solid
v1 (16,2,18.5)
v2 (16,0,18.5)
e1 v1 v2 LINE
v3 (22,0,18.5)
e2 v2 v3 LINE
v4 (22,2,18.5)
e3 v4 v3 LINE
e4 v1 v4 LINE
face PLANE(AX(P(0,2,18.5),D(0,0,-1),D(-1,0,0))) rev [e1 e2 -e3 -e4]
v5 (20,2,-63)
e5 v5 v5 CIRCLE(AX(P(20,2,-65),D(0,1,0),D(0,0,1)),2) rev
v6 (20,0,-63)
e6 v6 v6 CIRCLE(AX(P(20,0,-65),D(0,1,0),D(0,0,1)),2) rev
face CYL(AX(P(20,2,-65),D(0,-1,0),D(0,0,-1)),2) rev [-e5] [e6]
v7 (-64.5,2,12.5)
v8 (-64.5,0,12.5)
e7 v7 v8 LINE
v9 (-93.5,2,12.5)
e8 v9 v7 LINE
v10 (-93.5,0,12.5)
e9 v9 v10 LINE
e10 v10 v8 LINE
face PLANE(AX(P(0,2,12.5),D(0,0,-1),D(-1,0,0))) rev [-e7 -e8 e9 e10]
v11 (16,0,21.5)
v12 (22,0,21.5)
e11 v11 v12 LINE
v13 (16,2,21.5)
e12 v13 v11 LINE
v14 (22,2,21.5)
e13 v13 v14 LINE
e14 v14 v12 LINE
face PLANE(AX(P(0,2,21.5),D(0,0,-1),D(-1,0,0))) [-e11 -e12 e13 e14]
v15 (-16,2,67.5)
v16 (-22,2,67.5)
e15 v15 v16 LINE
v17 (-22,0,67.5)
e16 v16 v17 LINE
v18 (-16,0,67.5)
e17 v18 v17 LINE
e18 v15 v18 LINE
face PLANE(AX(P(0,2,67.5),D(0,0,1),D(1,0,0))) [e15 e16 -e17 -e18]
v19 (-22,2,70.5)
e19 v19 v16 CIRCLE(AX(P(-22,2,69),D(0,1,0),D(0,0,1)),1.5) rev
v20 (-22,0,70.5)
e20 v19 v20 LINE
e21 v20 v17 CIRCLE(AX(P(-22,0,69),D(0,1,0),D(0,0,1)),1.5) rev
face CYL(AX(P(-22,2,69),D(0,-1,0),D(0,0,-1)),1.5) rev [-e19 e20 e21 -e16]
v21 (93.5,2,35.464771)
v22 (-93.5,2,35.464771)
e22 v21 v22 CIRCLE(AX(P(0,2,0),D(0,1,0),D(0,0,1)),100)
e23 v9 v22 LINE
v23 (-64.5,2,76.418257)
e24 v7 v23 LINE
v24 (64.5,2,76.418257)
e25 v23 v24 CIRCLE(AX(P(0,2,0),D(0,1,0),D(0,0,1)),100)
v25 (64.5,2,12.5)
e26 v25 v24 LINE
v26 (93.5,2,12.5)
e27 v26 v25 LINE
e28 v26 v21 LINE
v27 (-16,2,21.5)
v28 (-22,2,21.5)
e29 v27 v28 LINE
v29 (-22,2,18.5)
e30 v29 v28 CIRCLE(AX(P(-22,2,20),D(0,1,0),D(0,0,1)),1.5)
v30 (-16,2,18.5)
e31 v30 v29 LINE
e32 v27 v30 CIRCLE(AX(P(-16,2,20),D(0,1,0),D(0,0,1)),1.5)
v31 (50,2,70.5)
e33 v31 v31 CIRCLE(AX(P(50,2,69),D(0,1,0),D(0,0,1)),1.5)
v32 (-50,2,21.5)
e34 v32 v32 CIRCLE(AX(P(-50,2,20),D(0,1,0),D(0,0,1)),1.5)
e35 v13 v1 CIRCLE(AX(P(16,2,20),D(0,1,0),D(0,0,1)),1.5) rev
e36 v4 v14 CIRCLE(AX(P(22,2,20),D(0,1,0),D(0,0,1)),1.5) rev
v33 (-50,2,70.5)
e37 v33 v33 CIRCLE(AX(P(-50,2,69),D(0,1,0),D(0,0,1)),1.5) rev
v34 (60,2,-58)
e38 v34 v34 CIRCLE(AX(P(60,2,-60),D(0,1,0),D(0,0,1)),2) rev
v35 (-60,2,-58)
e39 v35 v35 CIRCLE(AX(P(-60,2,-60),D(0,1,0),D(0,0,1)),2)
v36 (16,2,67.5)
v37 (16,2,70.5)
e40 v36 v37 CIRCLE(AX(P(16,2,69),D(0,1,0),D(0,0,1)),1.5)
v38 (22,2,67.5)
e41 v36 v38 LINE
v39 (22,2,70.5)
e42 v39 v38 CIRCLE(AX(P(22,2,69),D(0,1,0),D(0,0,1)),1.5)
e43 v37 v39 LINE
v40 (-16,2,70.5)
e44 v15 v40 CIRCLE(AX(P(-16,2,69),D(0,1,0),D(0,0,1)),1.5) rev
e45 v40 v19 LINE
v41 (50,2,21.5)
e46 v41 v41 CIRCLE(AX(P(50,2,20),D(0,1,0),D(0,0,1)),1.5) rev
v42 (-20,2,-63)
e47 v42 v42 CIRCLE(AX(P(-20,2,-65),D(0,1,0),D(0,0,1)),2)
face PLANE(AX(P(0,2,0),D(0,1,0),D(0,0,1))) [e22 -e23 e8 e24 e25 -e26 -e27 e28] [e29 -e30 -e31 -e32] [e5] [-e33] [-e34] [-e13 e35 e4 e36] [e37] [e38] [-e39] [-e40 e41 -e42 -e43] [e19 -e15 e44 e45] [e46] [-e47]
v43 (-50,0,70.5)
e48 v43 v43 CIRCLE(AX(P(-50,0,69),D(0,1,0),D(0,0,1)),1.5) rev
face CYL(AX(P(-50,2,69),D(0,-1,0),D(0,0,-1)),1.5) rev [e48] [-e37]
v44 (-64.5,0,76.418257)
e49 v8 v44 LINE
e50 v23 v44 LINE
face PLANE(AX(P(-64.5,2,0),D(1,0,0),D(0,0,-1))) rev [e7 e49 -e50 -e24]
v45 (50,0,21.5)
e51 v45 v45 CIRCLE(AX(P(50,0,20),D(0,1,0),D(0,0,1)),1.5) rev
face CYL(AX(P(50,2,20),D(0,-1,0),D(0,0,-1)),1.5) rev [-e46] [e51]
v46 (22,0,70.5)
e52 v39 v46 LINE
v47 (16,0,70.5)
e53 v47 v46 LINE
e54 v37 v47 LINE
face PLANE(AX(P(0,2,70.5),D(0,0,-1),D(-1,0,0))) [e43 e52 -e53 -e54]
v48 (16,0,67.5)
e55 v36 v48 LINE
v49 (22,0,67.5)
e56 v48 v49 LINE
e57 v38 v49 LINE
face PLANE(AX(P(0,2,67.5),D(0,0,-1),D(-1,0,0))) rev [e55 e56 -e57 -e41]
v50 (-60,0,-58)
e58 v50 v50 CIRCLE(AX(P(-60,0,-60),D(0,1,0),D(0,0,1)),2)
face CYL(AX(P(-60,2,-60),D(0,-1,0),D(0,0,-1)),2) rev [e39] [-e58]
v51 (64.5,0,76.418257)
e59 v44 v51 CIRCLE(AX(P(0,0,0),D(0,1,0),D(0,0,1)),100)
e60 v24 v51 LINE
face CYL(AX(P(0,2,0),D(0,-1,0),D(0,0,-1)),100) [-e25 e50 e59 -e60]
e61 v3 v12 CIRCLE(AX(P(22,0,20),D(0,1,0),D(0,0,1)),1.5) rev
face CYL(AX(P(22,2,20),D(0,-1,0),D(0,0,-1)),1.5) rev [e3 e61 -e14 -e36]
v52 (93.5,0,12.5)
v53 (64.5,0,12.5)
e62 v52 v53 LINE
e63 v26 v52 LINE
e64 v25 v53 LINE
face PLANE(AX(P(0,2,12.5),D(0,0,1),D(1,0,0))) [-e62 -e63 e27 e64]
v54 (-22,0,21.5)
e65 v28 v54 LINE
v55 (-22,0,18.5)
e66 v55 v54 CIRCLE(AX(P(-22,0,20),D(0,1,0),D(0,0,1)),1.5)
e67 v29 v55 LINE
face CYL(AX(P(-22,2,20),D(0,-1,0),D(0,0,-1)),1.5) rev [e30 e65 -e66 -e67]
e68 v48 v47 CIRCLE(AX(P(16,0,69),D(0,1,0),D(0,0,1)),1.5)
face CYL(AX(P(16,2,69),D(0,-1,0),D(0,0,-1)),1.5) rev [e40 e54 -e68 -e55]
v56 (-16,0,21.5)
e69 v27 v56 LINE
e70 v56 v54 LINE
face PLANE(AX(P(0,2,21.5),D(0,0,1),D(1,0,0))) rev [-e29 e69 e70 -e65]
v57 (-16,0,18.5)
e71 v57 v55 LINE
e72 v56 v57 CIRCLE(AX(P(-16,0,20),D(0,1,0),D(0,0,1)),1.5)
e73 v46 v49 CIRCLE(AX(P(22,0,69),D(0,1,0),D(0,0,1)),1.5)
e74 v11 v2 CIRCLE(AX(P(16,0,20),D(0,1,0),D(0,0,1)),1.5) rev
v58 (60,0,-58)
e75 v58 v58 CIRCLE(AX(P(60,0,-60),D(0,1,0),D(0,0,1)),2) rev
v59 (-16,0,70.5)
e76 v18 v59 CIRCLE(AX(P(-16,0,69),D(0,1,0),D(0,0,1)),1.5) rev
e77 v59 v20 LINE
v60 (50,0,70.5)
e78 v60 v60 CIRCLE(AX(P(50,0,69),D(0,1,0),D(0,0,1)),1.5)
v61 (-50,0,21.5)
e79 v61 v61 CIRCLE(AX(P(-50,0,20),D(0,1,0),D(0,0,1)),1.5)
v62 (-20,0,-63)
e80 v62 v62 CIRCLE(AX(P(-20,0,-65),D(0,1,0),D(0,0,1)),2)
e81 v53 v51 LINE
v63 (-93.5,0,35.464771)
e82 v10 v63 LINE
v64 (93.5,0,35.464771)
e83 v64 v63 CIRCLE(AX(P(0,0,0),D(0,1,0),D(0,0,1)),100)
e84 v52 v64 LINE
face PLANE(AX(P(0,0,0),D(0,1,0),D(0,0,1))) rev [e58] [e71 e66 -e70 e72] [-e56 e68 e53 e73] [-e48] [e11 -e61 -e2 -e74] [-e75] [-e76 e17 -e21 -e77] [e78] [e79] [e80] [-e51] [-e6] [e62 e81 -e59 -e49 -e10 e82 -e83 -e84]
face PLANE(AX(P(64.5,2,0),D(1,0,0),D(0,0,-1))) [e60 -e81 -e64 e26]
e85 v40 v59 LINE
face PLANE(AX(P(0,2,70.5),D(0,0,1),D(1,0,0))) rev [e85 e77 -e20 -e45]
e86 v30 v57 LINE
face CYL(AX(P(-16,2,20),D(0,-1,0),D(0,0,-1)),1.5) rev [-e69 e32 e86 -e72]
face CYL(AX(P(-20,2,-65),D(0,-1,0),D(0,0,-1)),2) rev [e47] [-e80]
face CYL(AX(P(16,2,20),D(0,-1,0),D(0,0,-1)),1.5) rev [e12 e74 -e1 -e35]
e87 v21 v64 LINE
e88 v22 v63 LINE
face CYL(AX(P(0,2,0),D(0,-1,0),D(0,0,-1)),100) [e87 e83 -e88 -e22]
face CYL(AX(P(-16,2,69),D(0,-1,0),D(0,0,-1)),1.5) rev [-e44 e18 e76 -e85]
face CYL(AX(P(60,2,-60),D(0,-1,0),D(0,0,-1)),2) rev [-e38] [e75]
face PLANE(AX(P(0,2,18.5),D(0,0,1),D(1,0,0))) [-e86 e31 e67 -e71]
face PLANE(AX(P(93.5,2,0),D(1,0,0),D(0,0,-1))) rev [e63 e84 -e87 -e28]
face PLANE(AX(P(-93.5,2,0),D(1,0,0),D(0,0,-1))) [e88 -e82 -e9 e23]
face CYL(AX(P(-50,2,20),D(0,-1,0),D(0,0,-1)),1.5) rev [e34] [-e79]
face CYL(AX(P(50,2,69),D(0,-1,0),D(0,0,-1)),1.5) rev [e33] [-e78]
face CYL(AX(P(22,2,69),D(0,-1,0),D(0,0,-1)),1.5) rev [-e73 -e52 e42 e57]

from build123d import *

# Parameters (mm, degrees)
SKETCH1_R           = 1.5
SKETCH1_R_2         = 2
BOSS_EXTRUDE1_DEPTH = 2


with BuildPart() as part:
    # Sketch1 → Boss-Extrude1 (new body)
    with BuildSketch(Plane(origin=(0, 0, 0), x_dir=(1, 0, 0), z_dir=(0, 1, 0))):
        with BuildLine():
            Line((-93.5, -35.464771253), (-93.5, -12.5))
            Line((-93.5, -12.5), (-64.5, -12.5))
            Line((-64.5, -12.5), (-64.5, -76.418256981))
            ThreePointArc((-64.5, -76.418256981), (0, -100), (64.5, -76.418256981))
            Line((64.5, -76.418256981), (64.5, -12.5))
            Line((64.5, -12.5), (93.5, -12.5))
            Line((93.5, -12.5), (93.5, -35.464771253))
            ThreePointArc((93.5, -35.464771253), (0, 100), (-93.5, -35.464771253))
        make_face()
        with Locations((-50, -69)):
            Circle(SKETCH1_R, mode=Mode.SUBTRACT)
        with BuildLine():
            Line((-22, -67.5), (-16, -67.5))
            ThreePointArc((-16, -67.5), (-14.5, -69), (-16, -70.5))
            Line((-16, -70.5), (-22, -70.5))
            ThreePointArc((-22, -70.5), (-23.5, -69), (-22, -67.5))
        make_face(mode=Mode.SUBTRACT)
        with Locations((-50, -20)):
            Circle(SKETCH1_R, mode=Mode.SUBTRACT)
        with BuildLine():
            ThreePointArc((-16, -18.5), (-14.5, -20), (-16, -21.5))
            Line((-16, -21.5), (-22, -21.5))
            ThreePointArc((-22, -21.5), (-23.5, -20), (-22, -18.5))
            Line((-22, -18.5), (-16, -18.5))
        make_face(mode=Mode.SUBTRACT)
        with BuildLine():
            ThreePointArc((16, -70.5), (14.5, -69), (16, -67.5))
            Line((16, -67.5), (22, -67.5))
            ThreePointArc((22, -67.5), (23.5, -69), (22, -70.5))
            Line((22, -70.5), (16, -70.5))
        make_face(mode=Mode.SUBTRACT)
        with Locations((50, -69)):
            Circle(SKETCH1_R, mode=Mode.SUBTRACT)
        with BuildLine():
            Line((22, -21.5), (16, -21.5))
            ThreePointArc((16, -21.5), (14.5, -20), (16, -18.5))
            Line((16, -18.5), (22, -18.5))
            ThreePointArc((22, -18.5), (23.5, -20), (22, -21.5))
        make_face(mode=Mode.SUBTRACT)
        with Locations((50, -20)):
            Circle(SKETCH1_R, mode=Mode.SUBTRACT)
        with Locations((-60, 60)):
            Circle(SKETCH1_R_2, mode=Mode.SUBTRACT)
        with Locations((-20, 65)):
            Circle(SKETCH1_R_2, mode=Mode.SUBTRACT)
        with Locations((20, 65)):
            Circle(SKETCH1_R_2, mode=Mode.SUBTRACT)
        with Locations((60, 60)):
            Circle(SKETCH1_R_2, mode=Mode.SUBTRACT)
    extrude(amount=BOSS_EXTRUDE1_DEPTH)


solid = part.part
